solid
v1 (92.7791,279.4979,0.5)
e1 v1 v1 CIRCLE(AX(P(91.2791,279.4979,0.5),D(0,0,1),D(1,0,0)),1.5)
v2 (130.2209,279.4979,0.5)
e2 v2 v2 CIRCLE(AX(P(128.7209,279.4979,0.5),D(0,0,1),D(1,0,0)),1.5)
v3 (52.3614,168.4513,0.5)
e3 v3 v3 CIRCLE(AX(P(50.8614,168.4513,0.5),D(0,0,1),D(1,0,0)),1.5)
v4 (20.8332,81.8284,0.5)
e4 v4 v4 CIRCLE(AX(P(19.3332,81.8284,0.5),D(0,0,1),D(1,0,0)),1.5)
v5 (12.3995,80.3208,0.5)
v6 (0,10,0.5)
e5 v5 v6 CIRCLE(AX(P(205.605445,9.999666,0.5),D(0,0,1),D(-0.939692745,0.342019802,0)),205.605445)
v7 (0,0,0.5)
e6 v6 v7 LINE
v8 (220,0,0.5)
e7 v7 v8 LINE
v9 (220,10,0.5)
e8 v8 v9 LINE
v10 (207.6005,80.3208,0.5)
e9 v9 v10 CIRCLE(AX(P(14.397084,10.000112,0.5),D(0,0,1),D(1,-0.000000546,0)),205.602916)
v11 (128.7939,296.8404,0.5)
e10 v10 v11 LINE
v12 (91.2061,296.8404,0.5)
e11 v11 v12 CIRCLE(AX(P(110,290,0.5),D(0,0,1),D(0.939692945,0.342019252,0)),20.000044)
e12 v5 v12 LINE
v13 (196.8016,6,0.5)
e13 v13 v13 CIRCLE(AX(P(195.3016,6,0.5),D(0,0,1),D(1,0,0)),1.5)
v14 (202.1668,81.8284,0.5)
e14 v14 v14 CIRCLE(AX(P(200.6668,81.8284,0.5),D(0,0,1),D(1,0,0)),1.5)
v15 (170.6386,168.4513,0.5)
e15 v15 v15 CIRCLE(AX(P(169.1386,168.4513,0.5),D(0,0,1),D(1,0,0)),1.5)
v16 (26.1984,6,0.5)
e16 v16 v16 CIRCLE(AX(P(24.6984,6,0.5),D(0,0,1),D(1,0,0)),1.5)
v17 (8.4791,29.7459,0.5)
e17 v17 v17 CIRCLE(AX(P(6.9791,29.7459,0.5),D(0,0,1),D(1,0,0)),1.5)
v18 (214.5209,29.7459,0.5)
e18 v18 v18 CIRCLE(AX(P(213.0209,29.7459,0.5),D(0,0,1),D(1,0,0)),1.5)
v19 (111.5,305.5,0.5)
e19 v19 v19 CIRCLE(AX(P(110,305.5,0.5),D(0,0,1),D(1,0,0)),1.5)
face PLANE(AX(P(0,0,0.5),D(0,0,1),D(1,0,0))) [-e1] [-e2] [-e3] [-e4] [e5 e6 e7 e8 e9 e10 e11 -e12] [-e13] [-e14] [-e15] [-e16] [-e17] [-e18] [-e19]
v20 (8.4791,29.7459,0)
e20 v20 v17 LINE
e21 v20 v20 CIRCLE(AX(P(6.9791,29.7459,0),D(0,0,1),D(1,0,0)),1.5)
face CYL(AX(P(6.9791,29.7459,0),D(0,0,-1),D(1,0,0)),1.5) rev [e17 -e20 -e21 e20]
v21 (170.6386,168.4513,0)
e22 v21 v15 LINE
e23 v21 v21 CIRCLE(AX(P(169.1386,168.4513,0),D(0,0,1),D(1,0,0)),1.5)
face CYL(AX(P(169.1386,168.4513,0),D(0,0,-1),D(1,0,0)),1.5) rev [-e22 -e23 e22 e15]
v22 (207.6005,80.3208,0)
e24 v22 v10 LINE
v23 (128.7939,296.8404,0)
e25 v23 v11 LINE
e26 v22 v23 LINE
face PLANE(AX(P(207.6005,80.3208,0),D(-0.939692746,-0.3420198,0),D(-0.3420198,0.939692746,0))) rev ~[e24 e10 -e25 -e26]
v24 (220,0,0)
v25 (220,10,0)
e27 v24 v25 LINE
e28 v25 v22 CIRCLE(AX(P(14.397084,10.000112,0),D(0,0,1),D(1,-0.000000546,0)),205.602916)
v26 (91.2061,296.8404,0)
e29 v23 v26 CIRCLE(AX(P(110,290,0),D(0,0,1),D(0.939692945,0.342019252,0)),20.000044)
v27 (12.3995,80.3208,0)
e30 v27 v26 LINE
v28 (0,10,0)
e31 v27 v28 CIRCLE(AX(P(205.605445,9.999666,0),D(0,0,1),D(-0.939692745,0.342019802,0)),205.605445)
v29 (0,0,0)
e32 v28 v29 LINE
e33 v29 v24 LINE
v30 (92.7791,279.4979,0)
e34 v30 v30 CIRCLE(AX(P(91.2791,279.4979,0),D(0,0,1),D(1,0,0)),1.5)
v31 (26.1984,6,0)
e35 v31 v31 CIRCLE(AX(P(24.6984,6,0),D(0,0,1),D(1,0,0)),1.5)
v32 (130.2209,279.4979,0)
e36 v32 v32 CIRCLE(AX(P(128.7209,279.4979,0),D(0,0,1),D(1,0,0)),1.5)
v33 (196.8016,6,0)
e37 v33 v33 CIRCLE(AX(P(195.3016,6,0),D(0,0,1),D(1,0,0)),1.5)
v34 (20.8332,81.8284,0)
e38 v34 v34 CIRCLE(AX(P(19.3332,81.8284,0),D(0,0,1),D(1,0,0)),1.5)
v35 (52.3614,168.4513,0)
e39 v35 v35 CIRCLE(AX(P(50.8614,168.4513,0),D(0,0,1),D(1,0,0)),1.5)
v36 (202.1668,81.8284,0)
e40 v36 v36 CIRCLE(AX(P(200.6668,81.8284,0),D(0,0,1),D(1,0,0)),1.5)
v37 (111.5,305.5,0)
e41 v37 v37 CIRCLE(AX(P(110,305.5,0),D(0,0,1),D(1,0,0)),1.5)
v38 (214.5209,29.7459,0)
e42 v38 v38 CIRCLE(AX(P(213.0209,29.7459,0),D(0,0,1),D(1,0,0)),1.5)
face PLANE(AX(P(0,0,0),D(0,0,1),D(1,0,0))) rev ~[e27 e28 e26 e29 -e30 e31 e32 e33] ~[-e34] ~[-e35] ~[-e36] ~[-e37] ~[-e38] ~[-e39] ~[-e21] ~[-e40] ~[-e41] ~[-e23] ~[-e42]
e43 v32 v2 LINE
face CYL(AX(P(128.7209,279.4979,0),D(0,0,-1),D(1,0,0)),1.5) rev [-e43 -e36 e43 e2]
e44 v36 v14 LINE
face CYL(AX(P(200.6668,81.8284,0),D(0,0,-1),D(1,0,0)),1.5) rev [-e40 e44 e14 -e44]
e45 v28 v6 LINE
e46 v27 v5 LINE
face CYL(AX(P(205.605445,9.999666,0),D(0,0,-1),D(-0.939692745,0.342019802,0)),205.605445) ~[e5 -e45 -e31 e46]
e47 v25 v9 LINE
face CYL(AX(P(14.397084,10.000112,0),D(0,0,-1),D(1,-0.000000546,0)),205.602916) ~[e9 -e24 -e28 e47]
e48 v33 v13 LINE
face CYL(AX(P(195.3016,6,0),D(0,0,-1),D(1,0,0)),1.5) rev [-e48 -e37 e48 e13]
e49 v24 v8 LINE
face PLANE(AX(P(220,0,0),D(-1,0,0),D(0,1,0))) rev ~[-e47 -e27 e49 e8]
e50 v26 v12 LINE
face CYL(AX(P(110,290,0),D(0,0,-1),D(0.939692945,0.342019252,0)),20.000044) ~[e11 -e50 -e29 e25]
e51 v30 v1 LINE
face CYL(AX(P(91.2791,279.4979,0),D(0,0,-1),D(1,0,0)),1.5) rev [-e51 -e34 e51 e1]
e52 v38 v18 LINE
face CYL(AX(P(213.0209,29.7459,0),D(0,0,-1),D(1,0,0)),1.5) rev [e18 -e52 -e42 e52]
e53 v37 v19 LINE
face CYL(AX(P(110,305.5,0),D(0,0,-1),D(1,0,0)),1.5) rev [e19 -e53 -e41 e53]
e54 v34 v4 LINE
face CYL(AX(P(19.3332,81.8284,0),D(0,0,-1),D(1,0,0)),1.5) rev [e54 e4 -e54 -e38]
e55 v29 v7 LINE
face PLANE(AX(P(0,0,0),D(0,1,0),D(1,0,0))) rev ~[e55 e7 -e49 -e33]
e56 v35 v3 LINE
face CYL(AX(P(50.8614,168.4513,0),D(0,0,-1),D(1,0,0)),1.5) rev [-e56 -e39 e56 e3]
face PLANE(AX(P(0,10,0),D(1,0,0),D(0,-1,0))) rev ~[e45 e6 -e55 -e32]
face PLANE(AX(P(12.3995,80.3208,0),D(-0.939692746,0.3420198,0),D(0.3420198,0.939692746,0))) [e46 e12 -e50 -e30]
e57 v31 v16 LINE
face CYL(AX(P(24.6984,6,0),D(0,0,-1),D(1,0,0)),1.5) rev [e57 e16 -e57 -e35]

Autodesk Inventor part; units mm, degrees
ref_plane "YZ Plane" through (0, 0, 0) normal (1, 0, 0) x (0, 1, 0)
ref_plane "XZ Plane" through (0, 0, 0) normal (0, 1, 0) x (-1, 0, 0)
ref_plane "XY Plane" through (0, 0, 0) normal (0, 0, 1) x (1, 0, 0)
sketch "Sketch1" plane through (0, 0, 0) normal (0, 0, 1) x (1, 0, 0)
  line L0 (0, 0) -> (220, 0)
  line L1 (220, 0) -> (220, 10)
  line L2 (0, 10) -> (0, 0)
  line L3 (12.3995, 80.3208) -> (91.2061, 296.8404)
  circle A0 centre (110, 290) radius 11 construction
  line L4 (95.4021, 282.0544) -> (103.801, 305.1302) construction
  arc A1 (128.7939, 296.8404) -> (91.2061, 296.8404) centre (110, 290) ccw
  arc A2 (12.3995, 80.3208) -> (0, 10) centre (205.6042, 10) ccw
  line L5 (110, -51.553) -> (110, -95.4065)
  line L6 (207.6005, 80.3208) -> (128.7939, 296.8404)
  arc A3 (220, 10) -> (207.6005, 80.3208) centre (14.3958, 10) ccw
  line L7 (89.8628, 30.3395) -> (130.1372, 30.3395) construction
  line L8 (89.8628, 80.954) -> (130.1372, 80.954) construction
  line L9 (10, 0) -> (16, 0) construction
  line L10 (16, 0) -> (16, 25) construction
  line L11 (16, 25) -> (10, 25) construction
  line L12 (10, 25) -> (10, 0) construction
  line L13 (210, 0) -> (204, 0) construction
  line L14 (204, 0) -> (204, 25) construction
  line L15 (204, 25) -> (210, 25) construction
  line L16 (210, 25) -> (210, 0) construction
  line L17 (107, 0) -> (113, 0) construction
  line L18 (113, 0) -> (113, 25) construction
  line L19 (113, 25) -> (107, 25) construction
  line L20 (107, 25) -> (107, 0) construction
  spline S0 degree 5 poles (105.2685, 267.6918) (104.3685, 270.188) (101.9527, 273.6865) (95.9211, 275.1051) (84.9217, 261.7172) (84.2002, 254.5522) (73.4571, 234.9379) (71.7654, 203.3019) (99.8383, 234.2966) (104.2687, 244.3132) (107.1252, 256.6415) (106.5311, 264.1901) (105.2685, 267.6918) knots 0 0 0 0 0 0 0.117172 0.208109 0.323949 0.451788 0.587521 0.726569 0.835632 1 1 1 1 1 1 construction
  spline S1 degree 4 poles (110, 223.7331) (104.1843, 223.7331) (99.0728, 218.3206) (68.9468, 207.6663) (56.4589, 175.3769) (79.2984, 141.157) (95.289, 185.1681) (110, 185.1681) knots 0 0 0 0 0 0.26391 0.449807 0.665782 1 1 1 1 1 construction
  line L21 (105.419, 185.1681) -> (114.581, 185.1681) construction
  line L22 (106.6298, 223.7331) -> (113.3702, 223.7331) construction
  spline S2 degree 5 poles (61.2264, 152.1046) (56.7861, 151.4059) (49.5867, 147.2341) (40.4712, 132.1059) (34.2348, 112.2076) (27.9372, 89.519) (40.6073, 60.8371) (90.5177, 88.5345) (100.0799, 90.6107) (101.5037, 122.3299) (87.7725, 139.0296) (80.3941, 145.1495) (71.1893, 151.5941) (64.8383, 152.6729) (61.2264, 152.1046) knots 0 0 0 0 0 0 0.12324 0.20525 0.315018 0.423707 0.530897 0.635761 0.737213 0.827446 0.899752 1 1 1 1 1 1 construction
  spline S3 degree 5 poles (158.7736, 152.1046) (163.2139, 151.4059) (170.4133, 147.2341) (179.5288, 132.1059) (185.7652, 112.2076) (192.0628, 89.519) (179.3927, 60.8371) (129.4823, 88.5345) (119.9201, 90.6107) (118.4963, 122.3299) (132.2275, 139.0296) (139.6059, 145.1495) (148.8107, 151.5941) (155.1617, 152.6729) (158.7736, 152.1046) knots 0 0 0 0 0 0 0.12324 0.20525 0.315018 0.423707 0.530897 0.635761 0.737213 0.827446 0.899752 1 1 1 1 1 1 construction
  spline S4 degree 4 poles (110, 30.3395) (99.5705, 30.3395) (81.3994, 34.3322) (66.2735, 66.1691) (85.3554, 79.9322) (101.4268, 80.954) (110, 80.954) knots 0 0 0 0 0 0.389292 0.639292 1 1 1 1 1 construction
  spline S5 degree 4 poles (110, 30.3395) (120.4295, 30.3395) (138.6006, 34.3322) (153.7265, 66.1691) (134.6446, 79.9322) (118.5732, 80.954) (110, 80.954) knots 0 0 0 0 0 0.389292 0.639292 1 1 1 1 1 construction
  circle A4 centre (110, 290) radius 271 construction
  spline S6 degree 5 poles (22.7422, 63.6489) (18.8598, 60.4372) (14.7285, 50.7544) (16.9139, 26.9049) (28.0703, 17.1973) (49.017, 5.77) (101.1456, 4.5306) (84.8139, 28.9584) (61.4114, 52.3493) (50.7951, 59.5741) (34.6522, 68.0096) (26.4086, 66.6818) (22.7422, 63.6489) knots 0 0 0 0 0 0 0.151426 0.256435 0.381603 0.509507 0.638194 0.762008 0.856999 1 1 1 1 1 1 construction
  spline S7 degree 5 poles (197.2578, 63.6489) (201.1402, 60.4372) (205.2715, 50.7544) (203.0861, 26.9049) (191.9297, 17.1973) (170.983, 5.77) (118.8544, 4.5306) (135.1861, 28.9584) (158.5886, 52.3493) (169.2049, 59.5741) (185.3478, 68.0096) (193.5914, 66.6818) (197.2578, 63.6489) knots 0 0 0 0 0 0 0.151426 0.256435 0.381603 0.509507 0.638194 0.762008 0.856999 1 1 1 1 1 1 construction
  spline S8 degree 5 poles (114.7315, 267.6918) (115.6315, 270.188) (118.0473, 273.6865) (124.0789, 275.1051) (135.0783, 261.7172) (135.7998, 254.5522) (146.5429, 234.9379) (148.2346, 203.3019) (120.1617, 234.2966) (115.7313, 244.3132) (112.8748, 256.6415) (113.4689, 264.1901) (114.7315, 267.6918) knots 0 0 0 0 0 0 0.117172 0.208109 0.323949 0.451788 0.587521 0.726569 0.835632 1 1 1 1 1 1 construction
  line L23 (89.8628, 131.829) -> (130.1372, 131.829) construction
  line L24 (89.8628, 169.0772) -> (130.1372, 169.0772) construction
  spline S9 degree 4 poles (110, 169.0772) (104.4193, 169.0772) (95.377, 164.1793) (89.8577, 149.1245) (97.6407, 139.6025) (104.4855, 131.829) (110, 131.829) knots 0 0 0 0 0 0.377904 0.627904 1 1 1 1 1 construction
  spline S10 degree 4 poles (110, 169.0772) (115.5807, 169.0772) (124.623, 164.1793) (130.1423, 149.1245) (122.3593, 139.6025) (115.5145, 131.829) (110, 131.829) knots 0 0 0 0 0 0.377904 0.627904 1 1 1 1 1 construction
  spline S11 degree 4 poles (79.9792, 208.8227) (83.0253, 210.8992) (90.3751, 207.7383) (91.1743, 200.9673) (95.925, 189.2461) (95.6614, 183.9886) (95.7276, 177.0984) (93.3089, 174.5423) knots 0 0 0 0 0 0.301349 0.499604 0.699762 1 1 1 1 1 construction
  spline S12 degree 4 poles (99.1347, 219.9151) (96.3536, 218.4058) (93.9069, 213.4715) (95.6323, 204.9097) (99.5449, 192.6576) (102.4128, 188.2227) (107.1154, 185.1681) (110, 185.1681) knots 0 0 0 0 0 0.307399 0.5109 0.714193 1 1 1 1 1 construction
  spline S13 degree 4 poles (110, 223.7331) (115.8157, 223.7331) (120.9272, 218.3206) (151.0532, 207.6663) (163.5411, 175.3769) (140.7016, 141.157) (124.711, 185.1681) (110, 185.1681) knots 0 0 0 0 0 0.26391 0.449807 0.665782 1 1 1 1 1 construction
  spline S14 degree 4 poles (140.0208, 208.8227) (131.9358, 211.2642) (128.6549, 201.132) (123.2328, 188.7305) (123.9701, 180.7974) (126.6911, 174.5423) knots 0 0 0 0 0 0.499604 1 1 1 1 1 construction
  spline S15 degree 4 poles (120.8653, 219.9151) (125.9638, 216.9813) (125.7019, 209.3287) (121.6722, 194.6757) (117.597, 188.214) (112.8846, 185.1681) (110, 185.1681) knots 0 0 0 0 0 0.5109 0.714193 1 1 1 1 1 construction
  circle A5 centre (91.2791, 279.4979) radius 1.5
  circle A6 centre (110, 233.5775) radius 1.5 construction
  circle A7 centre (110, 103.2167) radius 1.5 construction
  circle A8 centre (24.6984, 6) radius 1.5
  circle A9 centre (19.3332, 81.8284) radius 1.5
  circle A10 centre (50.8614, 168.4513) radius 1.5
  circle A11 centre (128.7209, 279.4979) radius 1.5
  circle A12 centre (110, 233.5775) radius 1.5 construction
  circle A13 centre (110, 103.2167) radius 1.5 construction
  circle A14 centre (195.3016, 6) radius 1.5
  circle A15 centre (200.6668, 81.8284) radius 1.5
  circle A16 centre (169.1386, 168.4513) radius 1.5
  circle A17 centre (110, 305.5) radius 1.5
  line L25 (110, 305.5) -> (110, 301) construction
  line L26 (110, 305.5) -> (110, 310) construction
  circle A18 centre (6.9791, 29.7459) radius 1.5
  circle A19 centre (213.0209, 29.7459) radius 1.5
  line L27 (6.9791, 29.7459) -> (1.0085, 30.3395) construction
  line L28 (7.2595, 32.5665) -> (6.6987, 26.9254) construction
  line L29 (19.3332, 81.8284) -> (13.6951, 83.8805) construction
  line L30 (24.6984, 6) -> (24.6984, 0) construction
  line L31 (50.8614, 168.4513) -> (45.2233, 170.5035) construction
  line L32 (91.2791, 279.4979) -> (85.6409, 281.5501) construction
  point P0 (110, 0)
  point P1 (110, -73.4798)
  point P2 (110, 25)
  point P3 (89.6738, 266.316)
  point P4 (77.923, 217.7696)
  point P5 (95.4021, 231.2489)
  point P6 (99.0044, 219.8443)
  point P7 (73.6304, 203.8364)
  point P8 (64.1644, 177.5166)
  point P9 (76.0997, 161.4095)
  point P10 (35.1113, 113.8824)
  point P11 (32.4879, 90.0294)
  point P12 (45.995, 74.5523)
  point P13 (86.4381, 86.006)
  point P14 (98.1651, 99.0364)
  point P15 (96.7009, 123.3463)
  point P16 (86.4381, 139.2996)
  point P17 (75.5957, 148.0812)
  point P18 (184.8887, 113.8824)
  point P19 (187.5121, 90.0294)
  point P20 (174.005, 74.5523)
  point P21 (133.5619, 86.006)
  point P22 (121.8349, 99.0364)
  point P23 (123.2991, 123.3463)
  point P24 (133.5619, 139.2996)
  point P25 (144.4043, 148.0812)
  point P26 (83.1175, 40.7351)
  point P27 (75.5957, 63.6489)
  point P28 (86.4381, 76.9539)
  point P29 (136.8825, 40.7351)
  point P30 (144.4043, 63.6489)
  point P31 (133.5619, 76.9539)
  point P32 (28.2478, 19)
  point P33 (54.1698, 8.5933)
  point P34 (86.4381, 12.5)
  point P35 (83.1175, 28.0491)
  point P36 (61.2264, 51.1164)
  point P37 (41.4146, 63.6489)
  point P38 (191.7522, 19)
  point P39 (165.8302, 8.5933)
  point P40 (133.5619, 12.5)
  point P41 (136.8825, 28.0491)
  point P42 (158.7736, 51.1164)
  point P43 (178.5854, 63.6489)
  point P44 (76.1146, 233.5775)
  point P45 (83.6171, 255.3919)
  point P46 (105.324, 251.1657)
  point P47 (130.3262, 266.316)
  point P48 (142.077, 217.7696)
  point P49 (124.5979, 231.2489)
  point P50 (143.8854, 233.5775)
  point P51 (136.3829, 255.3919)
  point P52 (114.676, 251.1657)
  point P53 (96.9167, 162.2627)
  point P54 (93.4016, 150.3152)
  point P55 (98.1651, 139.607)
  point P56 (123.0833, 162.2627)
  point P57 (126.5984, 150.3152)
  point P58 (121.8349, 139.607)
  point P59 (88.2969, 207.1592)
  point P60 (92.0983, 199.5692)
  point P61 (94.8111, 190.7059)
  point P62 (95.6324, 183.3848)
  point P63 (95.1996, 213.8268)
  point P64 (96.2705, 203.5876)
  point P65 (99.6164, 193.7355)
  point P66 (103.463, 188.1501)
  point P67 (120.9956, 219.8443)
  point P68 (146.3696, 203.8364)
  point P69 (155.8356, 177.5166)
  point P70 (143.9003, 161.4095)
  point P71 (131.7031, 207.1592)
  point P72 (127.9017, 199.5692)
  point P73 (125.1889, 190.7059)
  point P74 (124.3676, 183.3848)
  point P75 (124.8004, 213.8268)
  point P76 (123.7295, 203.5876)
  point P77 (120.3836, 193.7355)
  point P78 (116.537, 188.1501)
  point P79 (120.8653, 219.9151)
  point P80 (126.6911, 174.5423)
  point P81 (140.0208, 208.8227)
  point P82 (124.5979, 282.0544)
  dimension "d2" = 22
  dimension "d1" = 220
  dimension "d4" = 9
  dimension "d7" = 290
  dimension "d8" = 20
  dimension "d9" = 10
  dimension "d10" = 25
  dimension "d11" = 6
  dimension "d12" = 542
  dimension "d19" = 10
  dimension "d35" = 3
  dimension "d38" = 6
extrude "Extrusion6" add sketch "Sketch1" along normal blind 0.5
properties part number "DBP-1-cover"
